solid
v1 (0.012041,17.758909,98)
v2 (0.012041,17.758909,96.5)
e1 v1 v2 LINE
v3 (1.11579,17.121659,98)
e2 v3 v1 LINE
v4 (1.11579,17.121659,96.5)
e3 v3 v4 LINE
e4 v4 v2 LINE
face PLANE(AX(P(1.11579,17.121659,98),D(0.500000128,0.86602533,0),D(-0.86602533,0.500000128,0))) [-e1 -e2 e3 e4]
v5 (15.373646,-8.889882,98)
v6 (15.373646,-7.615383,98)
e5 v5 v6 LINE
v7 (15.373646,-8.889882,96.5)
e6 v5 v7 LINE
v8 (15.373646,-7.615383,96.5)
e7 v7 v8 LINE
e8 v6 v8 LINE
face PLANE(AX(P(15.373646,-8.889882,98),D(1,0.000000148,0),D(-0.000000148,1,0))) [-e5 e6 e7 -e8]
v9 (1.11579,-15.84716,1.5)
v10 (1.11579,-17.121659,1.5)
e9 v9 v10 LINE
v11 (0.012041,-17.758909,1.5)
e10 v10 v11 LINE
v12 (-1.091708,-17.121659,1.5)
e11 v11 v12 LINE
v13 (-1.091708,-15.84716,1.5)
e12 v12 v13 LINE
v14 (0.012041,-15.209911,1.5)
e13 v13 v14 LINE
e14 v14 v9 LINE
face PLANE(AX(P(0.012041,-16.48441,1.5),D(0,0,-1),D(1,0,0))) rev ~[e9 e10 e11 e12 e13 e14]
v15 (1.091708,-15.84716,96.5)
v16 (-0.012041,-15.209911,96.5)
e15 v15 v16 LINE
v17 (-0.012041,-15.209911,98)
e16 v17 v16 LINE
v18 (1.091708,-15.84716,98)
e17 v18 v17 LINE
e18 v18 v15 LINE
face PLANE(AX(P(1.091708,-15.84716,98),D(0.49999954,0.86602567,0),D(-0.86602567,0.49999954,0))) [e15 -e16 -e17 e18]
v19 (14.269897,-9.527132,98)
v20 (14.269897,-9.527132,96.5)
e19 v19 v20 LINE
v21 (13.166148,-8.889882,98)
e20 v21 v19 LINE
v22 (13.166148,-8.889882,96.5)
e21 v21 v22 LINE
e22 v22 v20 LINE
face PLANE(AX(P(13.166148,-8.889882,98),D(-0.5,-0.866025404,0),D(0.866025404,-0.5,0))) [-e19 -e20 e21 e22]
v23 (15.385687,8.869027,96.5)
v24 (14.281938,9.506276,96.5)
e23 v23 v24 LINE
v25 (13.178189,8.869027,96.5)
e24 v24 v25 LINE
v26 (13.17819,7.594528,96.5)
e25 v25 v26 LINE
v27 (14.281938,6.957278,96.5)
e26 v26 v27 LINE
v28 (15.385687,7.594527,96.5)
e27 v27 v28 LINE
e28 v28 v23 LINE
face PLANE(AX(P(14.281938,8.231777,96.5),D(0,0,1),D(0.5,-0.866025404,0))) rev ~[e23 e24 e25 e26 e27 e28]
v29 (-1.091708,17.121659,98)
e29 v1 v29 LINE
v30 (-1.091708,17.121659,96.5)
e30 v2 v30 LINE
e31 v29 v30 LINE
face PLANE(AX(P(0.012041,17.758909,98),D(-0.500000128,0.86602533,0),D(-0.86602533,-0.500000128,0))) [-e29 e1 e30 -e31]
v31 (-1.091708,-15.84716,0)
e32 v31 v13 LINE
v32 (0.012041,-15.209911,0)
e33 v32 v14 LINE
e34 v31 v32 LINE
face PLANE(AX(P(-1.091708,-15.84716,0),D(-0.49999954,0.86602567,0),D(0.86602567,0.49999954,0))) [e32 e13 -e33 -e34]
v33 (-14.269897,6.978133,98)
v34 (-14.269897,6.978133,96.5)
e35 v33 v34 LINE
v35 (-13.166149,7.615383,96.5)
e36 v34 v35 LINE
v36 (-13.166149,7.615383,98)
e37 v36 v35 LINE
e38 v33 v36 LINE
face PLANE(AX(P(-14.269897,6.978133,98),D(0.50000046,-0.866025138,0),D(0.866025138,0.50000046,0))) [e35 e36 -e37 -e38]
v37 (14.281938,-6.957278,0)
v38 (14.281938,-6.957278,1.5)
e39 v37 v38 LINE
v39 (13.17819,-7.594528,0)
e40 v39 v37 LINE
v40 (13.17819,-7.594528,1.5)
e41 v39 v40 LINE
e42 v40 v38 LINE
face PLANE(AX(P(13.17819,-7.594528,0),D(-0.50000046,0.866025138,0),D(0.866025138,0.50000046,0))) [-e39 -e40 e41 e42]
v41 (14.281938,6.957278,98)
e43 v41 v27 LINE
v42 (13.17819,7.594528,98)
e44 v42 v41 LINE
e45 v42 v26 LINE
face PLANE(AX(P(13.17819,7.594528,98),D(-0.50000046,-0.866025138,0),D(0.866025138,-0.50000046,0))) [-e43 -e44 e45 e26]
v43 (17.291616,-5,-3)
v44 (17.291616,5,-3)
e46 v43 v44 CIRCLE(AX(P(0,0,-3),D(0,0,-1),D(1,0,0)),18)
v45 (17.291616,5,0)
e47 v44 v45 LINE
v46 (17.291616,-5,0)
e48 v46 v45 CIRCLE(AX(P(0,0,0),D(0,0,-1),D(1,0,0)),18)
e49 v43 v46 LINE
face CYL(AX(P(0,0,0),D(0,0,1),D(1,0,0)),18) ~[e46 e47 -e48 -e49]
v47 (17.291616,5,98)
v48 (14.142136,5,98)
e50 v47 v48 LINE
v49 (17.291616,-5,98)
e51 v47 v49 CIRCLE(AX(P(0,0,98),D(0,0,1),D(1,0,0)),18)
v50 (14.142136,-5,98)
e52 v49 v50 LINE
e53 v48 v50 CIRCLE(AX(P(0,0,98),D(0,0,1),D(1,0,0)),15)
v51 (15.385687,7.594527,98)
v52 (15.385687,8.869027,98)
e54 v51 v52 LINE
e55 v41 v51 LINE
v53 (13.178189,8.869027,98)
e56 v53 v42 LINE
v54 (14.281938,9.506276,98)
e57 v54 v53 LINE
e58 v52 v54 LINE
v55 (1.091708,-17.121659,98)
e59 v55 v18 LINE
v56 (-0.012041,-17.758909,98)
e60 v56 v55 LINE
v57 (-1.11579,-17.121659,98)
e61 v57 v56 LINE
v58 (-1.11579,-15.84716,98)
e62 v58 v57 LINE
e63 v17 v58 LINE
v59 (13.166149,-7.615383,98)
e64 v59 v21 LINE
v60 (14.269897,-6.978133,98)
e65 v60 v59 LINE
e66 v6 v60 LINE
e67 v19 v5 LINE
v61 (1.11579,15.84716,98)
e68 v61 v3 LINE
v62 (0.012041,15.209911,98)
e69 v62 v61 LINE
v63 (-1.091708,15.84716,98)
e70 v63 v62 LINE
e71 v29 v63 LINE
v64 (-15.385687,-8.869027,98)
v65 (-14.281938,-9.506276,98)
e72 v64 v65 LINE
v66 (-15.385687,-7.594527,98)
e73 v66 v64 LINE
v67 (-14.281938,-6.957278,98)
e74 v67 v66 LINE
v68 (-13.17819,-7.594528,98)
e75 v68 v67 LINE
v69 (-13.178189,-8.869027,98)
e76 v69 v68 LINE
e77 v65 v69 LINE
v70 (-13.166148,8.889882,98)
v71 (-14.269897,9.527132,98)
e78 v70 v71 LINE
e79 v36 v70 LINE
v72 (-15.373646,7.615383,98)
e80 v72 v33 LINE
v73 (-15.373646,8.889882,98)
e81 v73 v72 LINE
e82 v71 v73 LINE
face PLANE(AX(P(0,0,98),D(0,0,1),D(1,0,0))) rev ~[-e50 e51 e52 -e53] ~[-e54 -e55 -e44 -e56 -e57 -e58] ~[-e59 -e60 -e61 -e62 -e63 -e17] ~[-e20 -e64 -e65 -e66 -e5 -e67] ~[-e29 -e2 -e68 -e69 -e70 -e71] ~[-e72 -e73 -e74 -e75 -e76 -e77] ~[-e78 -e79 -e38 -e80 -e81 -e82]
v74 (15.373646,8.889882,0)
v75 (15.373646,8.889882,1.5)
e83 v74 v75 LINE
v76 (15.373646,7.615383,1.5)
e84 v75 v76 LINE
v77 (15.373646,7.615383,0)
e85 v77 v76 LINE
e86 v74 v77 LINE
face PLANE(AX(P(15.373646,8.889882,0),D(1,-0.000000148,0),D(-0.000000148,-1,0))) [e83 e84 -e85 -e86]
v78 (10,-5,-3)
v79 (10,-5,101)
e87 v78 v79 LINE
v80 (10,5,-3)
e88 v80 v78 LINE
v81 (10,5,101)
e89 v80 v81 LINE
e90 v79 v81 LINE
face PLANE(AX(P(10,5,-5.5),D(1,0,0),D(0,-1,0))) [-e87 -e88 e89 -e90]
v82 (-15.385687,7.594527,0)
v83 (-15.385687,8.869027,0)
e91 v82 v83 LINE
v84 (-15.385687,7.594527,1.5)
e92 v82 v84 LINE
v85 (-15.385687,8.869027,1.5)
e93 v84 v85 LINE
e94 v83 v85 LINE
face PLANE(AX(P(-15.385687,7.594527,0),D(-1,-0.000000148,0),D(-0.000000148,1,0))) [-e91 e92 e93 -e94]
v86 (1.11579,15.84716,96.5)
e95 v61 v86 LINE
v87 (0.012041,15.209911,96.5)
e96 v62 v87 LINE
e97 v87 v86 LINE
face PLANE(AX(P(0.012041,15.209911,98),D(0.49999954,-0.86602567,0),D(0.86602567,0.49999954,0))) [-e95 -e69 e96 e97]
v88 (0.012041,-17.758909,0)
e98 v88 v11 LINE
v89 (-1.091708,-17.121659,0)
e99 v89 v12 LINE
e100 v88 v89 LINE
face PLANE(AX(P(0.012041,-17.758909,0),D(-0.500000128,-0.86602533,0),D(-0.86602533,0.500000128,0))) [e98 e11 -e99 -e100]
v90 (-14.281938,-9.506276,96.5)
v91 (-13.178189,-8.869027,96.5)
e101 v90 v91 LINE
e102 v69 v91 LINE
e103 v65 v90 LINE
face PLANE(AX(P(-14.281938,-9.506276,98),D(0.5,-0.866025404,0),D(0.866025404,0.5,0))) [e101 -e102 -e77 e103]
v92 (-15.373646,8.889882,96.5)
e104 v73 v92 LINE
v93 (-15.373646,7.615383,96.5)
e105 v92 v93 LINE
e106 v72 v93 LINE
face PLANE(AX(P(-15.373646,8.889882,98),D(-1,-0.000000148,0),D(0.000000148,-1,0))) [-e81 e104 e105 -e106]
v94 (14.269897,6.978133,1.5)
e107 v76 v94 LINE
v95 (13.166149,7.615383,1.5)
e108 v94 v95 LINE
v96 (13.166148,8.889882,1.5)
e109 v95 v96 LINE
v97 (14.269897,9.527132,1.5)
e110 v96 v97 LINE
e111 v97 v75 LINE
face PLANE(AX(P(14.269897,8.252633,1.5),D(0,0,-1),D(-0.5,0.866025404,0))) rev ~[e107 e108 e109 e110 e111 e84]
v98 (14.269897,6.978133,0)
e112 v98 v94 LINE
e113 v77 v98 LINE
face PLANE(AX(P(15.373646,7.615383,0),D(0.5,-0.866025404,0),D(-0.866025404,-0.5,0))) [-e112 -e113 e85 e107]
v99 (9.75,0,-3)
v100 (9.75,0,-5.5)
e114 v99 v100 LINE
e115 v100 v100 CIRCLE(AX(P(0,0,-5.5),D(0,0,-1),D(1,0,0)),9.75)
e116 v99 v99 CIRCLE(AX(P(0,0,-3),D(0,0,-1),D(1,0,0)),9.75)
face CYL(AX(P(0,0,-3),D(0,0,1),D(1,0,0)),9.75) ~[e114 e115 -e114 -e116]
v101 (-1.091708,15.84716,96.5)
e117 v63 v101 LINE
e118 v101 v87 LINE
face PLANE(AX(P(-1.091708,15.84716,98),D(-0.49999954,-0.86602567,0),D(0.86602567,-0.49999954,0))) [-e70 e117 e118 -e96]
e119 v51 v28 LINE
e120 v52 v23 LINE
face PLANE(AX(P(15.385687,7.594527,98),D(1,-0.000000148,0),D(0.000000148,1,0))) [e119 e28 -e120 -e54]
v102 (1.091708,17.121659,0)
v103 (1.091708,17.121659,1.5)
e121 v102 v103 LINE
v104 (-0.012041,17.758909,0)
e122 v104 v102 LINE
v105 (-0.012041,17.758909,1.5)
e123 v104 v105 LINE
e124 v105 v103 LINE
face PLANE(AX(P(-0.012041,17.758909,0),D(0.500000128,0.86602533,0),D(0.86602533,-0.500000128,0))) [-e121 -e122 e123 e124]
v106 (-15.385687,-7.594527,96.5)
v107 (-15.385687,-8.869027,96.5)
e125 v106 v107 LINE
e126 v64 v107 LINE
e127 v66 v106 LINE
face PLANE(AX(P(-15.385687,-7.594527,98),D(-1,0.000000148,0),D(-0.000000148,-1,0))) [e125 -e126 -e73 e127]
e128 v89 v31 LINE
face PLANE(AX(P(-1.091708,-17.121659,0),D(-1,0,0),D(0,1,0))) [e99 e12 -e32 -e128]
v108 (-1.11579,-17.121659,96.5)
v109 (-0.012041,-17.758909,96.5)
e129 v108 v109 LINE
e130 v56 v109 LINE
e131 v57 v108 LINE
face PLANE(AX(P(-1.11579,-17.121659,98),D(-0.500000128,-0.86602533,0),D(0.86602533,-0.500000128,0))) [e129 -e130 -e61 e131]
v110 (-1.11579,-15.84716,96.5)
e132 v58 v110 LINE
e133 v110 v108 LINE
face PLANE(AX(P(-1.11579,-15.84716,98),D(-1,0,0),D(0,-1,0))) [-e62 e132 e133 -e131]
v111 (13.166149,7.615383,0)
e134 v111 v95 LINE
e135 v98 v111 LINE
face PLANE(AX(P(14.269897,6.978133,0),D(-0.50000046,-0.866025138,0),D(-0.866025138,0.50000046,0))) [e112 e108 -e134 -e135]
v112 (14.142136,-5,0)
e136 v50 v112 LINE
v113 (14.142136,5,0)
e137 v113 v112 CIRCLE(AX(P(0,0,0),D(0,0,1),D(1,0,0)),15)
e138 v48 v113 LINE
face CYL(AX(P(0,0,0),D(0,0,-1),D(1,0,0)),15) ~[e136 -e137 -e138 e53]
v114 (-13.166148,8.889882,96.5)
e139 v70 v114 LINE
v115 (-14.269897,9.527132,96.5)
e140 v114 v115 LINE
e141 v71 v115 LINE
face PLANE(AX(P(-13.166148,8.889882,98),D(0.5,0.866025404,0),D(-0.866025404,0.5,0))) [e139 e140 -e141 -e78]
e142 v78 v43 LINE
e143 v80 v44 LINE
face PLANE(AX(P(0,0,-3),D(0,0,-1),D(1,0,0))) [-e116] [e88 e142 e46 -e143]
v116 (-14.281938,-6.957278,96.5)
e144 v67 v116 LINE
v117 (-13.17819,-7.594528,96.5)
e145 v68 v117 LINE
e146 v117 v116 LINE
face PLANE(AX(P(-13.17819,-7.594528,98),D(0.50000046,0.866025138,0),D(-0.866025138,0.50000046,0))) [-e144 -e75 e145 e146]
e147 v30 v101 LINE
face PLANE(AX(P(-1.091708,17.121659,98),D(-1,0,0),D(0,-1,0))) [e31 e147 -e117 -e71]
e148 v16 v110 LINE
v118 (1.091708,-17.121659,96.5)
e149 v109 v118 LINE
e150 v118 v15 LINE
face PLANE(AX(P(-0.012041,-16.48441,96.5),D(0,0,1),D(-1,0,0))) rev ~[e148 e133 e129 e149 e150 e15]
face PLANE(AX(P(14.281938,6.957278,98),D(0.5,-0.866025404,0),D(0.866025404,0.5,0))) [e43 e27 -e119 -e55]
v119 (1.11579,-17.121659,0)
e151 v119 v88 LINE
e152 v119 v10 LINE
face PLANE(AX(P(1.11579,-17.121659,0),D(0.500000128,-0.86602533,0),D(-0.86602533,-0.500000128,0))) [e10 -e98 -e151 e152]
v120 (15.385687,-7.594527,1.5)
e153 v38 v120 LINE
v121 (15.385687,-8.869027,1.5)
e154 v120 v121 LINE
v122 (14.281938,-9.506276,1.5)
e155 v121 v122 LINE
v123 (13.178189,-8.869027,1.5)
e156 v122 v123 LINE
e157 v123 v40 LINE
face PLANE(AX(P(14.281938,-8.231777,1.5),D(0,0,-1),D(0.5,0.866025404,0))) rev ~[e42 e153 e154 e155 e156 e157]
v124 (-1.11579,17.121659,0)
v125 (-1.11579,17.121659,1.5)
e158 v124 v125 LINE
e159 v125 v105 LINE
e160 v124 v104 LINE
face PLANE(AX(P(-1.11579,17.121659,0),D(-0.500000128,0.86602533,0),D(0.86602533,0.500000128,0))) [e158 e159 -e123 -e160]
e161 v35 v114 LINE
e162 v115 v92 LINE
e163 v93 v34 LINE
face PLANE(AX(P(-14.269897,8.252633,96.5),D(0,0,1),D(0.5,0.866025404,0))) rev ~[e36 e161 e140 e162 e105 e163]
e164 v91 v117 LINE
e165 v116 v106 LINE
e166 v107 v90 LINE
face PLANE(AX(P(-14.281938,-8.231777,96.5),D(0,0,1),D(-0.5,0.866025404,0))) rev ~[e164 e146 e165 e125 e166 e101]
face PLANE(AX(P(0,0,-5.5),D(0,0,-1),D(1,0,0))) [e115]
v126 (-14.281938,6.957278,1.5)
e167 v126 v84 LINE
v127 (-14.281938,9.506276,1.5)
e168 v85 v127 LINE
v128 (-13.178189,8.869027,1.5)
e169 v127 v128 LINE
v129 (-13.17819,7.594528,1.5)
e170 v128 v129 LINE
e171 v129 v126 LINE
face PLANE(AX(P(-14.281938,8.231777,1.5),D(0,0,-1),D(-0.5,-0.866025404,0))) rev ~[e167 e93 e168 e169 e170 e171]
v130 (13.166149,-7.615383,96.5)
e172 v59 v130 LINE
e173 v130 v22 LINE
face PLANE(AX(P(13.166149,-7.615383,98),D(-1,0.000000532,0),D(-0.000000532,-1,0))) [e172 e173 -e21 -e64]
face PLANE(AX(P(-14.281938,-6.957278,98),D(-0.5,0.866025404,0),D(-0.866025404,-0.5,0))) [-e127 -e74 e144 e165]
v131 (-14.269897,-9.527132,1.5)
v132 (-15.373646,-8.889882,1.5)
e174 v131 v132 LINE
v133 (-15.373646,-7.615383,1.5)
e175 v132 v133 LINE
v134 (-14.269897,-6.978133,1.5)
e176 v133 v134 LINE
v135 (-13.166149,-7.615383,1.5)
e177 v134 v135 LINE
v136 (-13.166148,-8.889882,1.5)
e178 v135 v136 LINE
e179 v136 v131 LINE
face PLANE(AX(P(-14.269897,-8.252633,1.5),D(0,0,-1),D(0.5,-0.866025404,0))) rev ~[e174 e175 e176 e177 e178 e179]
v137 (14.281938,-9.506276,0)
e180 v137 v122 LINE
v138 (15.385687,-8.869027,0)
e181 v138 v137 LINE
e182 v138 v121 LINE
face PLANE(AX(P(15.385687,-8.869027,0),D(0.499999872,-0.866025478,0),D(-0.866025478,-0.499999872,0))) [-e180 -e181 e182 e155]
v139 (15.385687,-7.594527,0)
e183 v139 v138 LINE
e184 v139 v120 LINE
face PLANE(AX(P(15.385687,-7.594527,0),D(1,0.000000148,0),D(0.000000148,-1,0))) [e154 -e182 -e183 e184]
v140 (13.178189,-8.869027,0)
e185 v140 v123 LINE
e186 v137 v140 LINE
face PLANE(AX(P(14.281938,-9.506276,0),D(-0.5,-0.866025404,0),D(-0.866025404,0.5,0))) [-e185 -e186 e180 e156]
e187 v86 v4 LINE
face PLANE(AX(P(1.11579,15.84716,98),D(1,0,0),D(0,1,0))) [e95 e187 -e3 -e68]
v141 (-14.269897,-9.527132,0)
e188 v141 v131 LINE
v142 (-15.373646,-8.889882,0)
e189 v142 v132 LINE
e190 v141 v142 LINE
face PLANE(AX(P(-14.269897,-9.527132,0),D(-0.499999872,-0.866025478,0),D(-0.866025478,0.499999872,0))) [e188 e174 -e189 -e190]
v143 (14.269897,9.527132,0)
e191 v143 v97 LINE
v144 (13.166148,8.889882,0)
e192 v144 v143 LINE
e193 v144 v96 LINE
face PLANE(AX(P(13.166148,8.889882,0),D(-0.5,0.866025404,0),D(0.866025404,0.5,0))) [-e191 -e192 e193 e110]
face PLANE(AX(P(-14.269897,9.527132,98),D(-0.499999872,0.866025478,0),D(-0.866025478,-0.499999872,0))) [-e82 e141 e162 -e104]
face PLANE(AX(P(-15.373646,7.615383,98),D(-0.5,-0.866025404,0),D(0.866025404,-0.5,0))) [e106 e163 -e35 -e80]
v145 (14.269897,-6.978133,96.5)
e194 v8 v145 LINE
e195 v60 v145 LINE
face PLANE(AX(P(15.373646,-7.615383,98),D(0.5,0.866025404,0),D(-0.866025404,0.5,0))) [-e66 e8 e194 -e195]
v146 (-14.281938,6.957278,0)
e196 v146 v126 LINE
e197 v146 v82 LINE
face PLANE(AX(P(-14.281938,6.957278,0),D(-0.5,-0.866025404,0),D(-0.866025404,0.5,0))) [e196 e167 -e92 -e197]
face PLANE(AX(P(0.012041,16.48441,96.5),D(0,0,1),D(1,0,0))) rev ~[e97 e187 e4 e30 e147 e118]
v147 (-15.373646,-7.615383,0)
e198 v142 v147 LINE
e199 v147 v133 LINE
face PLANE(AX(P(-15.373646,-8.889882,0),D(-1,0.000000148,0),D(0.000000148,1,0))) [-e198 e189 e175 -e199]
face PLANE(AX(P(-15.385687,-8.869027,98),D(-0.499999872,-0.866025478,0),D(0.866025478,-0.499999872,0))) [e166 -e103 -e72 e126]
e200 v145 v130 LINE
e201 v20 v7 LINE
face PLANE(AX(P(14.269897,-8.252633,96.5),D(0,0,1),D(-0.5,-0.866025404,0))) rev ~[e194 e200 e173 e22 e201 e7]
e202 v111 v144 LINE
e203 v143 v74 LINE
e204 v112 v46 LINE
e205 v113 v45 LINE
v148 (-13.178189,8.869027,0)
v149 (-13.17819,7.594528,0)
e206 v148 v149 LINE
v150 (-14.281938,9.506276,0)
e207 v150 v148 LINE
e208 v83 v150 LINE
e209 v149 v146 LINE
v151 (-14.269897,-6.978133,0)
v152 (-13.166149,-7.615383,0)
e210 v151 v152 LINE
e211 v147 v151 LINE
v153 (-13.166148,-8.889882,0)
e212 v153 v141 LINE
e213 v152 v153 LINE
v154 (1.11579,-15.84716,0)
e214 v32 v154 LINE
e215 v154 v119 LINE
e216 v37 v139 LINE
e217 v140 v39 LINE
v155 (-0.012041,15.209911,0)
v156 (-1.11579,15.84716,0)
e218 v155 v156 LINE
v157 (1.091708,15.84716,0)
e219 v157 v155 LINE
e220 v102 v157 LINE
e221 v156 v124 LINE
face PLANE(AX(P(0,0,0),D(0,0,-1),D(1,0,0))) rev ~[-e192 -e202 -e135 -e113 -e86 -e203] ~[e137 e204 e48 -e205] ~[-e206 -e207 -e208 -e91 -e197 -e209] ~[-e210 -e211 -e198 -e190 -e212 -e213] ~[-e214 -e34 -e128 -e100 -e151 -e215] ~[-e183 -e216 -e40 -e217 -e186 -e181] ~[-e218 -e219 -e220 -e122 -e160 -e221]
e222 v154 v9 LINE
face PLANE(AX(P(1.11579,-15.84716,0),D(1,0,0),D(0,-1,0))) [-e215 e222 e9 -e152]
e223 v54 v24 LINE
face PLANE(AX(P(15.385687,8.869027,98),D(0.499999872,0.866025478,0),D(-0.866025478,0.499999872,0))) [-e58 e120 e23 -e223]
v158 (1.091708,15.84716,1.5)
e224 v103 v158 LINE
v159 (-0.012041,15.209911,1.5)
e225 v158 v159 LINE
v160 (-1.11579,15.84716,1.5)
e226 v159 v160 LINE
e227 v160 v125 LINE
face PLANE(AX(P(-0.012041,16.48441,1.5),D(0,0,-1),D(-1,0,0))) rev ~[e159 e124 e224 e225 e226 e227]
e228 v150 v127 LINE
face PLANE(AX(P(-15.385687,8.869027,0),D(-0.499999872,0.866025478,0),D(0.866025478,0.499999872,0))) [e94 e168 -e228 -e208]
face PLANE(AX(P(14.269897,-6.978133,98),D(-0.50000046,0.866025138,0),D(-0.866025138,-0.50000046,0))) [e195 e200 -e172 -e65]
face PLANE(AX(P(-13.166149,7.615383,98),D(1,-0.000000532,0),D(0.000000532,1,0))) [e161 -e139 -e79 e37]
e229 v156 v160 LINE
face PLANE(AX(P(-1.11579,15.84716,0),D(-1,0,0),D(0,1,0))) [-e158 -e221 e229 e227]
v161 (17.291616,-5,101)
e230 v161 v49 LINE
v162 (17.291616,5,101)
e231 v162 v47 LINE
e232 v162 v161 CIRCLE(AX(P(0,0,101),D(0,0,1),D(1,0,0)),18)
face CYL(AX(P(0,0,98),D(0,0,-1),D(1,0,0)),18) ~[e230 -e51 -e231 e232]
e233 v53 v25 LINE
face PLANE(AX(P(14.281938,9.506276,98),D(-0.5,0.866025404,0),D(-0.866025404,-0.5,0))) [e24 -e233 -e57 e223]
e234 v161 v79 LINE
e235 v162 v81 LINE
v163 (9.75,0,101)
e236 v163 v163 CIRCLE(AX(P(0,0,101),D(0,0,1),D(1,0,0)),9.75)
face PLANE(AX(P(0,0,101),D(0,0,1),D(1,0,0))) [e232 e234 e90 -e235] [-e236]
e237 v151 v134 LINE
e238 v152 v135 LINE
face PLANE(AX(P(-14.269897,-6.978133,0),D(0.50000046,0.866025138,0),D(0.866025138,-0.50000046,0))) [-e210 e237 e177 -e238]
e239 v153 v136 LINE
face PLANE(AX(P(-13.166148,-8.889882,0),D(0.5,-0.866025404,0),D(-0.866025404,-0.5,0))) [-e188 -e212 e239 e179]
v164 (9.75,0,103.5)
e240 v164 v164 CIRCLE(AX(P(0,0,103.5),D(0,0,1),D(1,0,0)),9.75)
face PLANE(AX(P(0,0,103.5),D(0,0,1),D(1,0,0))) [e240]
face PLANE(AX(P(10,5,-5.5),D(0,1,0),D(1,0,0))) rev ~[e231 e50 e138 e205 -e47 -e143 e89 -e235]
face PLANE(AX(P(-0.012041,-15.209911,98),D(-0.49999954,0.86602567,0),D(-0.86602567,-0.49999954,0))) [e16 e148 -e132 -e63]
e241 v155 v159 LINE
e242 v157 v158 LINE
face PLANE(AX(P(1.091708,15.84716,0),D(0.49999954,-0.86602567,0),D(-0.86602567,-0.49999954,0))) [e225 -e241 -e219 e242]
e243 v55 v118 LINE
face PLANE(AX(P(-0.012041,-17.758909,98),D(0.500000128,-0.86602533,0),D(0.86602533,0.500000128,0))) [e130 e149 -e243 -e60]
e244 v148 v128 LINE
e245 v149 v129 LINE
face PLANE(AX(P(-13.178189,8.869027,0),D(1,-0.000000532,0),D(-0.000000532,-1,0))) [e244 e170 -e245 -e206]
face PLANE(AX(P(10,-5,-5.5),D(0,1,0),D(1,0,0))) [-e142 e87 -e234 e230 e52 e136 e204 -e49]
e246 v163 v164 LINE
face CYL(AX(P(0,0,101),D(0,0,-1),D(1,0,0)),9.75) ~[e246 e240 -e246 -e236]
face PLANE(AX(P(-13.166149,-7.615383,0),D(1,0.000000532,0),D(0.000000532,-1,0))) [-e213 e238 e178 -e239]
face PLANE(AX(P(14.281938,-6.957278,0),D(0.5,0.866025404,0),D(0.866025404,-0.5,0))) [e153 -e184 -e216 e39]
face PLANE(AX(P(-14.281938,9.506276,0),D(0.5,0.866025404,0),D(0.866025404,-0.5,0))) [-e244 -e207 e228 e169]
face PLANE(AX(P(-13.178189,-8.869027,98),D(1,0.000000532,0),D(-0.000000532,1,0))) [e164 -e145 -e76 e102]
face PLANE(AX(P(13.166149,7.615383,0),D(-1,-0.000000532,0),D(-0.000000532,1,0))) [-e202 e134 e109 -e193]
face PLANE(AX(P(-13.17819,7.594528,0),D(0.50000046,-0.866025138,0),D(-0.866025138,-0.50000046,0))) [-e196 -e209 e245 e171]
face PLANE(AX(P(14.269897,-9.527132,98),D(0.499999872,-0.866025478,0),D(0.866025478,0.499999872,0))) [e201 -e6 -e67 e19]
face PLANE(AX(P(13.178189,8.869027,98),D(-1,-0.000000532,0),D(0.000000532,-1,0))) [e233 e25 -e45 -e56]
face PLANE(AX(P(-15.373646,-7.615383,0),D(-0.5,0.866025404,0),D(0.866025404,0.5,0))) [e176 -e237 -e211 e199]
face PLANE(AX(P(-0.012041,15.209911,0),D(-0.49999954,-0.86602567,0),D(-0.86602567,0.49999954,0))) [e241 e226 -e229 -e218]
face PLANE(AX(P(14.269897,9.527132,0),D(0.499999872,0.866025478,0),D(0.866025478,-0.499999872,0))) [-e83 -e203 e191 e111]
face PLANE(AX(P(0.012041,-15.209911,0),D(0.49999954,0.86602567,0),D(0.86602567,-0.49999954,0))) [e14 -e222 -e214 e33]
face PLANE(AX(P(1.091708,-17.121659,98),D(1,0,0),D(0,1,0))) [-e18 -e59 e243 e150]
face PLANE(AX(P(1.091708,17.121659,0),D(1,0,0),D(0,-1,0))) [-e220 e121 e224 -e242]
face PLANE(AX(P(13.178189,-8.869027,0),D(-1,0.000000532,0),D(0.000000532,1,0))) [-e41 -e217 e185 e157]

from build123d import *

# Parameters (mm, degrees)
SKETCH_R              = 15
PAD_DEPTH             = 98
SKETCH002_R           = 18
PAD002_DEPTH          = 3
SKETCH005_R           = 18
PAD004_DEPTH          = 3
SKETCH004_R           = 9.75
PAD005_DEPTH          = 2.5
SKETCH001_R           = 9.75
PAD006_DEPTH          = 2.5
SKETCH003_W           = 8
SKETCH003_H           = 10
POCKET_DEPTH          = 108
PAD007_DEPTH          = 1.5
PAD008_DEPTH          = 1.5
POLARPATTERN_COUNT    = 6
POLARPATTERN001_COUNT = 6


with BuildPart() as part:
    # Sketch → Pad (new body)
    with BuildSketch(Plane.XY):
        Circle(SKETCH_R)
    extrude(amount=PAD_DEPTH)

    # Sketch002 → Pad002 (join)
    with BuildSketch(Plane(origin=(0, 0, 0), x_dir=(1, 0, 0), z_dir=(0, 0, -1))):
        Circle(SKETCH002_R)
    extrude(amount=PAD002_DEPTH)

    # Sketch005 → Pad004 (join)
    with BuildSketch(Plane.XY.offset(98)):
        Circle(SKETCH005_R)
    extrude(amount=PAD004_DEPTH)

    # Sketch004 (on Face3 of Pad002) → Pad005 (join)
    with BuildSketch(Plane(origin=(0, 0, -3), x_dir=(1, 0, 0), z_dir=(0, 0, -1))):
        Circle(SKETCH004_R)
    extrude(amount=PAD005_DEPTH)

    # Sketch001 (on Face3 of Pad004) → Pad006 (join)
    with BuildSketch(Plane.XY.offset(101)):
        Circle(SKETCH001_R)
    extrude(amount=PAD006_DEPTH)

    # Sketch003 (on Face11 of Pad006) → Pocket (cut)
    with BuildSketch(Plane(origin=(0, 0, -5.5), x_dir=(1, 0, 0), z_dir=(0, 0, -1))):
        with Locations((14, 0)):
            Rectangle(SKETCH003_W, SKETCH003_H)
    extrude(amount=-POCKET_DEPTH, mode=Mode.SUBTRACT)

    # Sketch010 (on Face9 of Pocket) → Pad007 (join)
    with BuildSketch(Plane.XY):
        Polygon((-1.11579, 17.121659), (-0.012041, 17.758909), (1.091708, 17.121659), (1.091708, 15.84716), (-0.012041, 15.209911), (-1.11579, 15.84716), align=None)
    pad007 = extrude(amount=PAD007_DEPTH)

    # Sketch014 (on Face2 of Pad007) → Pad008 (join)
    with BuildSketch(Plane(origin=(0, 0, 98), x_dir=(1, 0, 0), z_dir=(0, 0, -1))):
        Polygon((-1.11579, 17.121659), (-0.012041, 17.758909), (1.091708, 17.121659), (1.091708, 15.84716), (-0.012041, 15.209911), (-1.11579, 15.84716), align=None)
    pad008 = extrude(amount=PAD008_DEPTH)

    # PolarPattern: Pad008 ×6 about axis
    polarpattern_axis = Axis((0, 0, 98), (0, 0, -1))
    for i in range(1, POLARPATTERN_COUNT):
        add(pad008.rotate(polarpattern_axis, i * 360 / POLARPATTERN_COUNT))

    # PolarPattern001: Pad007 ×6 about axis
    polarpattern001_axis = Axis((0, 0, 0), (0, 0, 1))
    for i in range(1, POLARPATTERN001_COUNT):
        add(pad007.rotate(polarpattern001_axis, i * 360 / POLARPATTERN001_COUNT))


solid = part.part
